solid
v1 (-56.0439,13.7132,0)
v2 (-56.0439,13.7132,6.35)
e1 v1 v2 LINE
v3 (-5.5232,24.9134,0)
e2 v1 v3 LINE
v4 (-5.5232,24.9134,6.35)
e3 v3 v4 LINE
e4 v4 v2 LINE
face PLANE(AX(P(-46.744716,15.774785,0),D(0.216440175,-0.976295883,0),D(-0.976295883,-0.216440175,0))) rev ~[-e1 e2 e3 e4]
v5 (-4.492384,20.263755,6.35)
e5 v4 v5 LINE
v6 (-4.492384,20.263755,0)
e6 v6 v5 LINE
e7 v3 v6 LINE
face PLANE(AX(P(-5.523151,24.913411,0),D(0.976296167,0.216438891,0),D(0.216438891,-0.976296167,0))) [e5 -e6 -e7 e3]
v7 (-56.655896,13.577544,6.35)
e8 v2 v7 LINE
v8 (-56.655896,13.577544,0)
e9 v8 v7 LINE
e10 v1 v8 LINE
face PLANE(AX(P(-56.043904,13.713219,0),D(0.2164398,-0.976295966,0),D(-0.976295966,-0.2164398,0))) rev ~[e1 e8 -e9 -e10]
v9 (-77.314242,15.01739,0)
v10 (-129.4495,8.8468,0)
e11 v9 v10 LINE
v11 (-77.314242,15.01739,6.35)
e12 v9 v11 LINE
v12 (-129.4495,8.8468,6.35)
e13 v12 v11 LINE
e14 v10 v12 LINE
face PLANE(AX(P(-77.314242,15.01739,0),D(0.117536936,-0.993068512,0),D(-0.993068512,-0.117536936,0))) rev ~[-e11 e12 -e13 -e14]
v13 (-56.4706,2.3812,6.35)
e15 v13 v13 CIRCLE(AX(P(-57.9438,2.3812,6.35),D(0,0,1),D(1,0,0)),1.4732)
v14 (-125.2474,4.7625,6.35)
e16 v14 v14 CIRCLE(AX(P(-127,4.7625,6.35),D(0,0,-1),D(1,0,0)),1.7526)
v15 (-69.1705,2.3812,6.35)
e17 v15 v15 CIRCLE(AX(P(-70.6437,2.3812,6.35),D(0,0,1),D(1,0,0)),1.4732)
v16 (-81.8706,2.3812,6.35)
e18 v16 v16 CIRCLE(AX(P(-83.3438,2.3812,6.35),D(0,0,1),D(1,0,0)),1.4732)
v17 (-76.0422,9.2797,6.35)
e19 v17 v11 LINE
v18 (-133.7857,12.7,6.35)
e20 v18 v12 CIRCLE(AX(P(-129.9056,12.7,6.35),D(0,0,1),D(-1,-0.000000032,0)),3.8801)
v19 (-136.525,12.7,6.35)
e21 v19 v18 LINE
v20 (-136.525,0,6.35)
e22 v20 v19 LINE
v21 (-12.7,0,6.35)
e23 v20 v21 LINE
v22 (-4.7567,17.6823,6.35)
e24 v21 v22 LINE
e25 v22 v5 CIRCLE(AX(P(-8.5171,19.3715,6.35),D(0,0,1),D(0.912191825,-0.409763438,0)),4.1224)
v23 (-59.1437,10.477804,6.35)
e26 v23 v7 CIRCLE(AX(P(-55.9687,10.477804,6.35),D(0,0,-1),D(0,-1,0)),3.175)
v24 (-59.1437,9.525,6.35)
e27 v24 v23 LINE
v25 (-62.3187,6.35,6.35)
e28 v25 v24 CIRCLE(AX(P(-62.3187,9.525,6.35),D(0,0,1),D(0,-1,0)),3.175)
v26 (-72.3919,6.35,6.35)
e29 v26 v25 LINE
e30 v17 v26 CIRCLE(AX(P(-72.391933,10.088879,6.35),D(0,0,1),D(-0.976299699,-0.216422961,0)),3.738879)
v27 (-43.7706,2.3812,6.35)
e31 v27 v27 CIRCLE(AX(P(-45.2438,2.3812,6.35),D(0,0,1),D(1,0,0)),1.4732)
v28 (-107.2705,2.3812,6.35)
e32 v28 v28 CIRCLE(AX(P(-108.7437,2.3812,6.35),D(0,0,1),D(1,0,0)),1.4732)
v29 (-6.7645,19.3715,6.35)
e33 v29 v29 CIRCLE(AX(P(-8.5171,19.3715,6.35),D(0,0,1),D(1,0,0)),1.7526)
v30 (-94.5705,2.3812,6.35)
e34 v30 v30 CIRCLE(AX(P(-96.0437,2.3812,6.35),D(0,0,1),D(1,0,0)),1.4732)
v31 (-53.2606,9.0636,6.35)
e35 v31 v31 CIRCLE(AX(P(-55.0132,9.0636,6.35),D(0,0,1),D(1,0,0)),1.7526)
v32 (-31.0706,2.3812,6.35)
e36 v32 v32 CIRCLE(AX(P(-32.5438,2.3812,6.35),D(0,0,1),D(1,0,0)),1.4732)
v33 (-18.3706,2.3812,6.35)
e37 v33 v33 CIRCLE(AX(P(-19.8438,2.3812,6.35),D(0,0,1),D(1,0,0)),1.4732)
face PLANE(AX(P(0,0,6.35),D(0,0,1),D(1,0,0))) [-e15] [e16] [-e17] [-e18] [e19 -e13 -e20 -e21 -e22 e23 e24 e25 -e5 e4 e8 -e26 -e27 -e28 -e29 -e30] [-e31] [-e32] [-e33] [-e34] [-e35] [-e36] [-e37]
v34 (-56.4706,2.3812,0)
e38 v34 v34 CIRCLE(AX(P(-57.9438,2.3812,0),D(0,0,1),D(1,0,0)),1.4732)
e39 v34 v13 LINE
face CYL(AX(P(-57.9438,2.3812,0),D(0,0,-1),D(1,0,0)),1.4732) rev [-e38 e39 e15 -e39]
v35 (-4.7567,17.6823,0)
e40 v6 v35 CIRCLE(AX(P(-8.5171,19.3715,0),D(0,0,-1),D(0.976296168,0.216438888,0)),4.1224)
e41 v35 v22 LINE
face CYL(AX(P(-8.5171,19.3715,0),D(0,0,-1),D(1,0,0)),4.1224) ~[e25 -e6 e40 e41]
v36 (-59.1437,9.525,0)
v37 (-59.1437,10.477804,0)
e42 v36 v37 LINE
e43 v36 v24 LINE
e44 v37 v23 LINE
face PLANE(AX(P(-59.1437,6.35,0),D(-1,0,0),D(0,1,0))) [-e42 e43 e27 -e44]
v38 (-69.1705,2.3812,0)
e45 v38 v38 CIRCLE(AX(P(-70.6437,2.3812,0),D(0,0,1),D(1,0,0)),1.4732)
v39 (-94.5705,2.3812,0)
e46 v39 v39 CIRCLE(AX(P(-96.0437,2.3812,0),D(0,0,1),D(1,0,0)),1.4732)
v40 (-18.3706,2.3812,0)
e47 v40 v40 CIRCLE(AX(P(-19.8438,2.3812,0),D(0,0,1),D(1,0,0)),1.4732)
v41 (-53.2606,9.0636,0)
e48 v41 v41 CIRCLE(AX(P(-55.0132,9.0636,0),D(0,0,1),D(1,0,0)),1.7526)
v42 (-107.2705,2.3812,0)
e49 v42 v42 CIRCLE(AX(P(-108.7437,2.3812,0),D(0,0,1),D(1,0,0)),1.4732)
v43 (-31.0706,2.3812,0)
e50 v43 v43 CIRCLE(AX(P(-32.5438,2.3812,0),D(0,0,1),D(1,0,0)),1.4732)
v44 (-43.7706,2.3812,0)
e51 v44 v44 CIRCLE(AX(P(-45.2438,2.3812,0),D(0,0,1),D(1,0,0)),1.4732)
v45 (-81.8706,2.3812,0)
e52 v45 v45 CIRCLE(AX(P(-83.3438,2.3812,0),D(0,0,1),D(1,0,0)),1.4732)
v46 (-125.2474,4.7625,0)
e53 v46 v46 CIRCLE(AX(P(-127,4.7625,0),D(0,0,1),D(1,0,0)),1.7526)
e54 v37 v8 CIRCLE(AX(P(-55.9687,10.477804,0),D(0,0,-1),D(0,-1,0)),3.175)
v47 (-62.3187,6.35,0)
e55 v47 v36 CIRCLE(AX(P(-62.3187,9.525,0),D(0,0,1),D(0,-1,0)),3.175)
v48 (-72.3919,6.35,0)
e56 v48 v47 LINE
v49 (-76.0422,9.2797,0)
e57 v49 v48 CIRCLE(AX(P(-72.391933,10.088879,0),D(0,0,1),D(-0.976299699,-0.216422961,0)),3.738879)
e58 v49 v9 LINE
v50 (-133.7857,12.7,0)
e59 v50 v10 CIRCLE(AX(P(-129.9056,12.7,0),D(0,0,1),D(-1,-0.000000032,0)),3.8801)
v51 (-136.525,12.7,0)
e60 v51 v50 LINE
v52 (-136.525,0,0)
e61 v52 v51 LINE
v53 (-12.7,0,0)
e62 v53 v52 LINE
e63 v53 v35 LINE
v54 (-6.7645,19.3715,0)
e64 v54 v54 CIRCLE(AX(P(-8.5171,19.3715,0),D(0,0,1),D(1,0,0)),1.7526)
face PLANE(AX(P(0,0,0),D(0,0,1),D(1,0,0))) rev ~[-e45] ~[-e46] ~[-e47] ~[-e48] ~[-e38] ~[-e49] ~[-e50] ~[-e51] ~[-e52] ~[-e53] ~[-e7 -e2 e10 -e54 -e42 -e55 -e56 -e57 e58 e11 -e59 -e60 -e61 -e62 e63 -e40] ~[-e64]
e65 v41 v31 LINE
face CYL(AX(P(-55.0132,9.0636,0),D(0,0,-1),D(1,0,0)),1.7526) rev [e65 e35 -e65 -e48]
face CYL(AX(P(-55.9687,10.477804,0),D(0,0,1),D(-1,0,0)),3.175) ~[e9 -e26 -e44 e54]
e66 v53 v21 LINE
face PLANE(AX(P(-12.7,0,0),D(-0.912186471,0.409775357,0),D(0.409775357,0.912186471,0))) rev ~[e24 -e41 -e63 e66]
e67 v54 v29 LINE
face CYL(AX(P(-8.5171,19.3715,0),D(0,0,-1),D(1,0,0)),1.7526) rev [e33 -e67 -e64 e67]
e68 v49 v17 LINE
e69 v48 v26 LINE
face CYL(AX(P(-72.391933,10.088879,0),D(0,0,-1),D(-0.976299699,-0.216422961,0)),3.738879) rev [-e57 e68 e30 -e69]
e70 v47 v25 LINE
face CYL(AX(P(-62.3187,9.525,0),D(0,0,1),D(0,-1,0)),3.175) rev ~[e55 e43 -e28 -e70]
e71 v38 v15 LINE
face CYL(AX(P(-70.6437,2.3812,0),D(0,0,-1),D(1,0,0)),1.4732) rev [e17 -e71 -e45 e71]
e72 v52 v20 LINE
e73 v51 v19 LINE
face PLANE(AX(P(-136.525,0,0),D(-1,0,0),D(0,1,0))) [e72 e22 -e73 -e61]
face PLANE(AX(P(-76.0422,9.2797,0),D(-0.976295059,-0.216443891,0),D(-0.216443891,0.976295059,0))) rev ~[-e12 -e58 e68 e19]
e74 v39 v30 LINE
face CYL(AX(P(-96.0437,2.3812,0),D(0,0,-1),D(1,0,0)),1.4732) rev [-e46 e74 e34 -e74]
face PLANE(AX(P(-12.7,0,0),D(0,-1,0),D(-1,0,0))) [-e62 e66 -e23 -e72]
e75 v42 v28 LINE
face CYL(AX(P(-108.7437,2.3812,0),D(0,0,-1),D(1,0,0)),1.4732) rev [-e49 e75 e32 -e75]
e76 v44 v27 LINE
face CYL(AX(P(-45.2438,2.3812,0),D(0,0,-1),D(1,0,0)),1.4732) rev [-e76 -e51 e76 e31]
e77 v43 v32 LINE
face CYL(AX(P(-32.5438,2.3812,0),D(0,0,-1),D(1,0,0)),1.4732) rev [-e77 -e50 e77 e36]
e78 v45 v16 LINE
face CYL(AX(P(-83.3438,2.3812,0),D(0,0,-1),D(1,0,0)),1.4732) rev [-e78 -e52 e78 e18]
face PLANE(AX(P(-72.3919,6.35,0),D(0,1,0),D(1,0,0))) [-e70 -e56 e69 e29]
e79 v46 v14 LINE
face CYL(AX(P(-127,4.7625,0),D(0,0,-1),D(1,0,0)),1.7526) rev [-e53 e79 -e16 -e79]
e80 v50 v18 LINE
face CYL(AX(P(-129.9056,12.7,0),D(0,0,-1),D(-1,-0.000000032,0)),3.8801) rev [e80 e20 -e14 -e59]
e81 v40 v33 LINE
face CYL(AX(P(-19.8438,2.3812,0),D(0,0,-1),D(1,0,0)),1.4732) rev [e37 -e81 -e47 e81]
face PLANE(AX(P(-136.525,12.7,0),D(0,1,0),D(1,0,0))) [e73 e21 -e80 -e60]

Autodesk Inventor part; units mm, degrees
ref_plane "YZ Plane" through (0, 0, 0) normal (1, 0, 0) x (0, 1, 0)
ref_plane "XZ Plane" through (0, 0, 0) normal (0, 1, 0) x (-1, 0, 0)
ref_plane "XY Plane" through (0, 0, 0) normal (0, 0, 1) x (1, 0, 0)
sketch "Sketch3" plane through (0, 0, 0) normal (0, 0, 1) x (1, 0, 0)
  line L0 (-48.8137, 10.438) -> (-52.9368, 29.0364) construction
  line L1 (-52.9368, 29.0364) -> (-59.1363, 27.662) construction
  line L2 (-59.1363, 27.662) -> (-55.0132, 9.0636) construction
  line L3 (-55.0132, 9.0636) -> (-48.8137, 10.438) construction
  line L4 (-48.8137, 10.438) -> (-59.1363, 27.662) construction
  line L5 (-52.9368, 29.0364) -> (-55.0132, 9.0636) construction
  circle A0 centre (-50.8753, 19.7372) radius 1.7526
  circle A1 centre (-59.1363, 27.662) radius 1.7526
  circle A2 centre (-55.0132, 9.0636) radius 1.7526
  line L6 (0, 0) -> (-127, 0)
  line L7 (0, 60.0769) -> (0, 0) construction
  line L8 (-44.6831, 6.4756) -> (-50.8679, 34.3732)
  line L9 (-50.8679, 34.3732) -> (-63.2669, 31.6244) construction
  line L10 (-63.2669, 31.6244) -> (-57.0821, 3.7268) construction
  line L11 (-57.0821, 3.7268) -> (-44.6831, 6.4756) construction
  line L12 (-44.6831, 6.4756) -> (-63.2669, 31.6244) construction
  line L13 (-50.8679, 34.3732) -> (-57.0821, 3.7268) construction
  line L14 (-45.2216, 8.9044) -> (-50.032, 30.6026)
  line L15 (-50.8679, 34.3732) -> (0, 45.6504) construction
  arc A3 (-128.0308, 9.4121) -> (-127, 0) centre (-127, 4.7625) ccw
  line L16 (-127, 0) -> (-127, 4.7625) construction
  line L17 (-128.0308, 9.4121) -> (-65.3965, 23.2978)
  line L18 (-9.6463, 43.5118) -> (0, 0)
  circle A4 centre (-127, 4.7625) radius 1.7526
  line L19 (-111.125, 0) -> (-12.7, 0) construction
  line L20 (-12.7, 0) -> (-12.7, 4.7625) construction
  line L21 (-12.7, 4.7625) -> (-111.125, 4.7625) construction
  line L22 (-111.125, 4.7625) -> (-111.125, 0) construction
  line L23 (-12.7, 2.3812) -> (-111.125, 2.3812) construction
  circle A5 centre (-108.7437, 2.3812) radius 1.4732
  circle A6 centre (-96.0437, 2.3812) radius 1.4732
  circle A7 centre (-83.3438, 2.3812) radius 1.4732
  circle A8 centre (-70.6437, 2.3812) radius 1.4732
  circle A9 centre (-57.9438, 2.3812) radius 1.4732
  circle A10 centre (-45.2438, 2.3812) radius 1.4732
  circle A11 centre (-32.5438, 2.3812) radius 1.4732
  circle A12 centre (-19.8438, 2.3812) radius 1.4732
  circle A13 centre (-8.5171, 19.3715) radius 1.7526
  line L24 (-55.0132, 9.0636) -> (-8.5171, 19.3715) construction
  line L25 (-53.9824, 4.414) -> (-8.0676, 14.593) construction
  line L26 (-5.5232, 24.9134) -> (-56.0439, 13.7132)
  arc A14 (-56.0439, 13.7132) -> (-53.9824, 4.414) centre (-55.0132, 9.0636) ccw construction
  line L27 (-5.5232, 24.9134) -> (-76.0422, 9.2797)
  line L28 (-76.0422, 9.2797) -> (-78.5057, 20.3916)
  line L29 (-78.5057, 20.3916) -> (-7.9866, 36.0253)
  line L30 (-7.9866, 36.0253) -> (-5.5232, 24.9134)
  line L31 (-50.5317, 18.1873) -> (-129.4495, 8.8468)
  line L32 (-59.1437, 13.026) -> (-76.0422, 13.026) construction
  line L33 (-76.0422, 13.026) -> (-76.0422, 6.35) construction
  line L34 (-76.0422, 6.35) -> (-59.1437, 6.35)
  line L35 (-59.1437, 6.35) -> (-59.1437, 13.026)
  arc A15 (-76.0422, 9.2797) -> (-72.3919, 6.35) centre (-72.3919, 10.0889) ccw
  line L36 (-127, 0) -> (-136.525, 0)
  line L37 (-136.525, 0) -> (-136.525, 12.7)
  line L38 (-136.525, 12.7) -> (-127, 12.7)
  line L39 (-127, 12.7) -> (-127, 0)
  arc A16 (-133.7857, 12.7) -> (-129.4495, 8.8468) centre (-129.9056, 12.7) ccw
  circle A17 centre (-8.5171, 19.3715) radius 4.1224
  line L40 (-12.7, 0) -> (-4.7567, 17.6823)
  point P0 (-53.975, 19.05)
  point P1 (-53.975, 19.05)
  point P2 (-53.975, 19.05)
  point P3 (-127, 0)
  point P4 (-46.7447, 15.7748)
  point P5 (-78.5057, 20.3916)
  point P6 (-77.3143, 15.0174)
  point P7 (-4.4924, 20.2638)
  dimension "d71" = 19.05
  dimension "d72" = 6.35
  dimension "d73" = 3.5052
  dimension "d74" = 3.5052
  dimension "d75" = 3.5052
  dimension "d76" = 127
  dimension "d77" = 19.05
  dimension "d78" = 12.5
  dimension "d91" = 12.7
  dimension "d92" = 28.575
  dimension "d93" = 53.975
  dimension "d98" = 9.525
  dimension "d107" = 3.5052
  dimension "d108" = 98.425
  dimension "d109" = 4.7625
  dimension "d110" = 15.875
  dimension "d111" = 2.9464
  dimension "d112" = 2.3813
  dimension "d115" = 12.7
  dimension "d120" = 3.5052
  dimension "d127" = 3.175
  dimension "d129" = 6.75
  dimension "d135" = 47.625
  dimension "d136" = 72.2313
  dimension "d137" = 4.7625
  dimension "d138" = 6.35
  dimension "d139" = 9.525
  dimension "d140" = 12.7
extrude "Extrusion3" add sketch "Sketch3" along normal blind 6.35 contours L28 A15 L34 L35 L27 L26 L18 A17 L40 L6 L39 A4 L31 | L39 A4 A3 L31 | A3 L36 L37 L38 A16 | A17
extrude "Extrusion4" cut sketch "Sketch3" along normal through all contours A13
fillet "Fillet7" radius 3.175 2 edges at (-59.1437, 13.026, 3.175) (-59.1437, 6.35, 3.175)
equation "\"Angle_Mount\" = 105deg"
equation "\"Rail_Offset\" = 36.5125"
properties part number "Uprights" material "UHMW, White"
